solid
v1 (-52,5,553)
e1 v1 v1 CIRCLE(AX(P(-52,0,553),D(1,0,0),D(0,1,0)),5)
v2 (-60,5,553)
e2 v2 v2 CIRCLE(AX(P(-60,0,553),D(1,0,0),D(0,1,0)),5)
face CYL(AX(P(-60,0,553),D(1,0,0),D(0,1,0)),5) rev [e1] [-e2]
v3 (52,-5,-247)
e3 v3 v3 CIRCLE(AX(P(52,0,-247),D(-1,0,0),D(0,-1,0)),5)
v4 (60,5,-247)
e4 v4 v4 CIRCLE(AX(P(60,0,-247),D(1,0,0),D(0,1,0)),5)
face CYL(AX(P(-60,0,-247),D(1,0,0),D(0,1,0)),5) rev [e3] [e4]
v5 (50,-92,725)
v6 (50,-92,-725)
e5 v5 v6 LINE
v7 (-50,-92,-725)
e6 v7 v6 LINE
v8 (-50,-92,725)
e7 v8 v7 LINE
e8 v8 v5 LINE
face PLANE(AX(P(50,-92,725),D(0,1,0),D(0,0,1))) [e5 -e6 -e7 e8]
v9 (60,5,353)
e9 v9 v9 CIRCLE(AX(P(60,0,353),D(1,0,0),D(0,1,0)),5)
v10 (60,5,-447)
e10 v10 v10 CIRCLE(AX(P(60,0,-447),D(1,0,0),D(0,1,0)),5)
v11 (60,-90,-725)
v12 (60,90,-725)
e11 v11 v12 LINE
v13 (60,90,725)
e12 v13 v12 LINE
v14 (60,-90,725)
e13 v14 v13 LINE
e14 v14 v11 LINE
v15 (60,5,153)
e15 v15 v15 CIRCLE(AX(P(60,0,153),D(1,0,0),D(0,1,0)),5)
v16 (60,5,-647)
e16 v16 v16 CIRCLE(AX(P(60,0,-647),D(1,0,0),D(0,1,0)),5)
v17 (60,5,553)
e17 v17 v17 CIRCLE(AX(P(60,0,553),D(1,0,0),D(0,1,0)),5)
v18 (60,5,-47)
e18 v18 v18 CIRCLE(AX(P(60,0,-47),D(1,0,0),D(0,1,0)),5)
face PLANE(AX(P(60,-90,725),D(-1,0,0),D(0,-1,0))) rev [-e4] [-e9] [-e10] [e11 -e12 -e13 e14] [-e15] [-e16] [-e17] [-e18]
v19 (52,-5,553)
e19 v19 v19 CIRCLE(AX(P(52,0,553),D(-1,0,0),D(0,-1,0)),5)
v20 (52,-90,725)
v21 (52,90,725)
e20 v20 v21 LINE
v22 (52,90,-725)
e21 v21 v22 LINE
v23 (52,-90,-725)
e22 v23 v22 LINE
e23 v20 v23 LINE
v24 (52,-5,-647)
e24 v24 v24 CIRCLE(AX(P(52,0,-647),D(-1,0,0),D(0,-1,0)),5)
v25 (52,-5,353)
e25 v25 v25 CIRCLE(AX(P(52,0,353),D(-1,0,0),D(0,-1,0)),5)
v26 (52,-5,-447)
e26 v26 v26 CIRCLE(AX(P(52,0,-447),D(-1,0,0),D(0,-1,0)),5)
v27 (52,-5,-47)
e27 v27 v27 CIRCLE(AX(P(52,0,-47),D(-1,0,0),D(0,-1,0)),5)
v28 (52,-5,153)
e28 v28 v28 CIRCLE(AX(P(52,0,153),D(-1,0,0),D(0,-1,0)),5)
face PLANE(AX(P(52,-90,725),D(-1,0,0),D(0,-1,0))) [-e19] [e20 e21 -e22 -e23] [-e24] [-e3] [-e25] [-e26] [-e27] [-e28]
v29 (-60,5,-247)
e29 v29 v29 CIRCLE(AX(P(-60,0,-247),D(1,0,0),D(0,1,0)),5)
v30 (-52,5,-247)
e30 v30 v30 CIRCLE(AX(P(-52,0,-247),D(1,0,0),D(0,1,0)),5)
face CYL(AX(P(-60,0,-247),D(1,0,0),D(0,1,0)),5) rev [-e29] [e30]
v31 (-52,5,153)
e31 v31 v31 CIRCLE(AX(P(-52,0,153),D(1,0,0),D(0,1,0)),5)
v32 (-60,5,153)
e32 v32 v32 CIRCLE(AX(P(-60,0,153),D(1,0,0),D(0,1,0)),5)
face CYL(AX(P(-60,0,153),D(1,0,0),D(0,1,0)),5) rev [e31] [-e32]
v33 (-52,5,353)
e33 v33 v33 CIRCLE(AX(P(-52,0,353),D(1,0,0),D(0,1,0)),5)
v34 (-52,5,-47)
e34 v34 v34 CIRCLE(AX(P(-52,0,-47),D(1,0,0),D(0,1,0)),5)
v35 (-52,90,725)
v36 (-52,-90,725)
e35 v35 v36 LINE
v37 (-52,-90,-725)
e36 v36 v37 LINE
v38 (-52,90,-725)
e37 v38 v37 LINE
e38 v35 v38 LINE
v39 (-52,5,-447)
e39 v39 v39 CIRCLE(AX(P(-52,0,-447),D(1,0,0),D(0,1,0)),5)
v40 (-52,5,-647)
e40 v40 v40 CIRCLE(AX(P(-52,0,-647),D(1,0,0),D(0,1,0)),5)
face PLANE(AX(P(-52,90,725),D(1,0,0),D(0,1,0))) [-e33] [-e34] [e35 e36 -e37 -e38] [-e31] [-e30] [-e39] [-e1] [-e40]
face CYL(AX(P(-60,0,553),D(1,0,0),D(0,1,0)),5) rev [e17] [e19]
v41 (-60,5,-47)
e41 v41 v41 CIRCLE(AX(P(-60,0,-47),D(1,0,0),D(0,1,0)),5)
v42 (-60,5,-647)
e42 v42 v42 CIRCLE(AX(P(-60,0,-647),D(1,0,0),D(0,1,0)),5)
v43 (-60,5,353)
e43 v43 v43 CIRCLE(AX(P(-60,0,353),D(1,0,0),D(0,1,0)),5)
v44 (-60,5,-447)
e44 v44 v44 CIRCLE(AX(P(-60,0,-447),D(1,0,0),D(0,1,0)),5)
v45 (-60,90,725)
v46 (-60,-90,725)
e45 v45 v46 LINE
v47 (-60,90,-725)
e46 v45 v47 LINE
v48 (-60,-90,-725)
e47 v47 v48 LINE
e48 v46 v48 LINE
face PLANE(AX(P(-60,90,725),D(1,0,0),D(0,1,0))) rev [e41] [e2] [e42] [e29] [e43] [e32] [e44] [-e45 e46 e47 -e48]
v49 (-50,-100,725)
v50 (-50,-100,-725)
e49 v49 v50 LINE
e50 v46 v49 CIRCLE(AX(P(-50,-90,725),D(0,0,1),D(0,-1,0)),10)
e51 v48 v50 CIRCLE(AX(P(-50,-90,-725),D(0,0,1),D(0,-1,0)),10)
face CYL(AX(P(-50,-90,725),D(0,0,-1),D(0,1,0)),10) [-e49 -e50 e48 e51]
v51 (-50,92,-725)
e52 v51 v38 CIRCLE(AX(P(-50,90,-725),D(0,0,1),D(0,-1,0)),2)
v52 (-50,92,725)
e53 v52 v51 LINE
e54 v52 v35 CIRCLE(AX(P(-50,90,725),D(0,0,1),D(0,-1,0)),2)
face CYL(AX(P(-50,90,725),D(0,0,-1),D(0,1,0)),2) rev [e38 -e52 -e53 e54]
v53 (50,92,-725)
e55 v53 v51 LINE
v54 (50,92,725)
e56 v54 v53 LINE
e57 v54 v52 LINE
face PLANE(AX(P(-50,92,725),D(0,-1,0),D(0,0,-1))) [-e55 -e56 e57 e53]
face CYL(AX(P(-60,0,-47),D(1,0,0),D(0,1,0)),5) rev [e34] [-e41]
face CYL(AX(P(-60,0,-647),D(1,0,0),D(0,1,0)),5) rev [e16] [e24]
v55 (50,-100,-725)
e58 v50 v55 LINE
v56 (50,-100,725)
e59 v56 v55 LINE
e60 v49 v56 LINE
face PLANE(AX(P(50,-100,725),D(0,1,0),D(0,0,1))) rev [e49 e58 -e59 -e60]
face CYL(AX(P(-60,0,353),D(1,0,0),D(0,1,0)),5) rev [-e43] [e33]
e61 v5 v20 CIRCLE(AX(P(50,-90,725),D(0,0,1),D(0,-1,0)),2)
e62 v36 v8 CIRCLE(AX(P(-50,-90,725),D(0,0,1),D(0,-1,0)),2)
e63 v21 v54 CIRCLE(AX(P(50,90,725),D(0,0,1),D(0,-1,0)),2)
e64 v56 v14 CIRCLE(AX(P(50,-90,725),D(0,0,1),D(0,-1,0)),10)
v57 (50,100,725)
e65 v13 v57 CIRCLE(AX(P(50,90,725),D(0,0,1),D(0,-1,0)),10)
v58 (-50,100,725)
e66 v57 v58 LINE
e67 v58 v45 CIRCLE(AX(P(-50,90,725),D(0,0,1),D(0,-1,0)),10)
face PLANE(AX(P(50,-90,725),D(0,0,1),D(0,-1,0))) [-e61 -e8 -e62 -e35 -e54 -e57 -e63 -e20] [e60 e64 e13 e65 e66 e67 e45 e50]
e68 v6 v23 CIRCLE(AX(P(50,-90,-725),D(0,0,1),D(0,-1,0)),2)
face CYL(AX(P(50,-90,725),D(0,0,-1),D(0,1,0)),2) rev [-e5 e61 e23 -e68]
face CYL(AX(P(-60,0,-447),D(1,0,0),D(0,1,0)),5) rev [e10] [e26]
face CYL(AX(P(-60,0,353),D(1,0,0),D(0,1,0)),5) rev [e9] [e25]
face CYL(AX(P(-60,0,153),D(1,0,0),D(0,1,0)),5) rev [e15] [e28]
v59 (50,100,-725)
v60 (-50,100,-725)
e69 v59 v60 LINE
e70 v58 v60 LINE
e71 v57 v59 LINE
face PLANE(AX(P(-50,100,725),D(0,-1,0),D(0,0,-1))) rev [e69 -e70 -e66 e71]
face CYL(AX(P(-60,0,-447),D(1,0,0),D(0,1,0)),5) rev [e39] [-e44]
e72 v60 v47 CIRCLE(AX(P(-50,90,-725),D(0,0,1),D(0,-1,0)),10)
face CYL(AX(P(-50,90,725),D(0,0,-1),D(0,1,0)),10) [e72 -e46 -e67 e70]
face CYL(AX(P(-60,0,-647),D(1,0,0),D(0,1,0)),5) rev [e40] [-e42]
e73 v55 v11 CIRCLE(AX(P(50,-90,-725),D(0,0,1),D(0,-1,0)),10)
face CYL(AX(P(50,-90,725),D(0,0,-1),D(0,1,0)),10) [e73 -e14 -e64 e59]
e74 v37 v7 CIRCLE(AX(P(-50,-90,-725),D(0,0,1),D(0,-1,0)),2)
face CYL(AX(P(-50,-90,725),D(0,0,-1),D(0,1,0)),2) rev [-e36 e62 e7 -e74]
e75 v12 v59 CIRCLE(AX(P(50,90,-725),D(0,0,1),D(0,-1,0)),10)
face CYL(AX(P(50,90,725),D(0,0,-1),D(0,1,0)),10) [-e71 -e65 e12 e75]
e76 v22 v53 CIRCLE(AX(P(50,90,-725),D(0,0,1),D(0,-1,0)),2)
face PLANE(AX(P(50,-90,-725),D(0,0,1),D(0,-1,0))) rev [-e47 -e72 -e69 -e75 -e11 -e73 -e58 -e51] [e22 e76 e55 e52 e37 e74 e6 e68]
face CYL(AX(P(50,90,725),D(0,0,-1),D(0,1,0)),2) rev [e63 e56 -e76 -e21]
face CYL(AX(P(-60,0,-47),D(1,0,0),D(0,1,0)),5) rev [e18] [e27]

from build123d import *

# Parameters (mm, degrees)
TUBE_SQUARE_TS3X3X0_3125_1_DEPTH = 1450
SKETCH7_R                        = 5
CUT_EXTRUDE1_DEPTH               = 742.636703515


with BuildPart() as part:
    # Sketch1 → Tube square TS3X3X0.3125(1) (new body)
    with BuildSketch(Plane(origin=(0, 0, -725), x_dir=(0, -1, 0), z_dir=(0, 0, 1))):
        with BuildLine():
            Line((-90, -60), (90, -60))
            ThreePointArc((90, -60), (97.071067812, -57.071067812), (100, -50))
            Line((100, -50), (100, 50))
            ThreePointArc((100, 50), (97.071067812, 57.071067812), (90, 60))
            Line((90, 60), (-90, 60))
            ThreePointArc((-90, 60), (-97.071067812, 57.071067812), (-100, 50))
            Line((-100, 50), (-100, -50))
            ThreePointArc((-100, -50), (-97.071067812, -57.071067812), (-90, -60))
        make_face()
        with BuildLine():
            Line((-90, -52), (90, -52))
            ThreePointArc((90, -52), (91.414213562, -51.414213562), (92, -50))
            Line((92, -50), (92, 50))
            ThreePointArc((92, 50), (91.414213562, 51.414213562), (90, 52))
            Line((90, 52), (-90, 52))
            ThreePointArc((-90, 52), (-91.414213562, 51.414213562), (-92, 50))
            Line((-92, 50), (-92, -50))
            ThreePointArc((-92, -50), (-91.414213562, -51.414213562), (-90, -52))
        make_face(mode=Mode.SUBTRACT)
    extrude(amount=TUBE_SQUARE_TS3X3X0_3125_1_DEPTH)

    # Sketch7 → Cut-Extrude1 (cut, through all)
    with BuildSketch(Plane(origin=(60, 0, 0), x_dir=(0, 0, -1), z_dir=(1, 0, 0))):
        with Locations(Location((647, 0, 0), (0, 0, 90))):
            Circle(SKETCH7_R)
        with Locations(Location((447, 0, 0), (0, 0, 90))):
            Circle(SKETCH7_R)
        with Locations(Location((247, 0, 0), (0, 0, 90))):
            Circle(SKETCH7_R)
        with Locations(Location((47, 0, 0), (0, 0, 90))):
            Circle(SKETCH7_R)
        with Locations(Location((-153, 0, 0), (0, 0, 90))):
            Circle(SKETCH7_R)
        with Locations(Location((-353, 0, 0), (0, 0, 90))):
            Circle(SKETCH7_R)
        with Locations(Location((-553, 0, 0), (0, 0, 90))):
            Circle(SKETCH7_R)
    extrude(amount=-CUT_EXTRUDE1_DEPTH, mode=Mode.SUBTRACT)


solid = part.part
